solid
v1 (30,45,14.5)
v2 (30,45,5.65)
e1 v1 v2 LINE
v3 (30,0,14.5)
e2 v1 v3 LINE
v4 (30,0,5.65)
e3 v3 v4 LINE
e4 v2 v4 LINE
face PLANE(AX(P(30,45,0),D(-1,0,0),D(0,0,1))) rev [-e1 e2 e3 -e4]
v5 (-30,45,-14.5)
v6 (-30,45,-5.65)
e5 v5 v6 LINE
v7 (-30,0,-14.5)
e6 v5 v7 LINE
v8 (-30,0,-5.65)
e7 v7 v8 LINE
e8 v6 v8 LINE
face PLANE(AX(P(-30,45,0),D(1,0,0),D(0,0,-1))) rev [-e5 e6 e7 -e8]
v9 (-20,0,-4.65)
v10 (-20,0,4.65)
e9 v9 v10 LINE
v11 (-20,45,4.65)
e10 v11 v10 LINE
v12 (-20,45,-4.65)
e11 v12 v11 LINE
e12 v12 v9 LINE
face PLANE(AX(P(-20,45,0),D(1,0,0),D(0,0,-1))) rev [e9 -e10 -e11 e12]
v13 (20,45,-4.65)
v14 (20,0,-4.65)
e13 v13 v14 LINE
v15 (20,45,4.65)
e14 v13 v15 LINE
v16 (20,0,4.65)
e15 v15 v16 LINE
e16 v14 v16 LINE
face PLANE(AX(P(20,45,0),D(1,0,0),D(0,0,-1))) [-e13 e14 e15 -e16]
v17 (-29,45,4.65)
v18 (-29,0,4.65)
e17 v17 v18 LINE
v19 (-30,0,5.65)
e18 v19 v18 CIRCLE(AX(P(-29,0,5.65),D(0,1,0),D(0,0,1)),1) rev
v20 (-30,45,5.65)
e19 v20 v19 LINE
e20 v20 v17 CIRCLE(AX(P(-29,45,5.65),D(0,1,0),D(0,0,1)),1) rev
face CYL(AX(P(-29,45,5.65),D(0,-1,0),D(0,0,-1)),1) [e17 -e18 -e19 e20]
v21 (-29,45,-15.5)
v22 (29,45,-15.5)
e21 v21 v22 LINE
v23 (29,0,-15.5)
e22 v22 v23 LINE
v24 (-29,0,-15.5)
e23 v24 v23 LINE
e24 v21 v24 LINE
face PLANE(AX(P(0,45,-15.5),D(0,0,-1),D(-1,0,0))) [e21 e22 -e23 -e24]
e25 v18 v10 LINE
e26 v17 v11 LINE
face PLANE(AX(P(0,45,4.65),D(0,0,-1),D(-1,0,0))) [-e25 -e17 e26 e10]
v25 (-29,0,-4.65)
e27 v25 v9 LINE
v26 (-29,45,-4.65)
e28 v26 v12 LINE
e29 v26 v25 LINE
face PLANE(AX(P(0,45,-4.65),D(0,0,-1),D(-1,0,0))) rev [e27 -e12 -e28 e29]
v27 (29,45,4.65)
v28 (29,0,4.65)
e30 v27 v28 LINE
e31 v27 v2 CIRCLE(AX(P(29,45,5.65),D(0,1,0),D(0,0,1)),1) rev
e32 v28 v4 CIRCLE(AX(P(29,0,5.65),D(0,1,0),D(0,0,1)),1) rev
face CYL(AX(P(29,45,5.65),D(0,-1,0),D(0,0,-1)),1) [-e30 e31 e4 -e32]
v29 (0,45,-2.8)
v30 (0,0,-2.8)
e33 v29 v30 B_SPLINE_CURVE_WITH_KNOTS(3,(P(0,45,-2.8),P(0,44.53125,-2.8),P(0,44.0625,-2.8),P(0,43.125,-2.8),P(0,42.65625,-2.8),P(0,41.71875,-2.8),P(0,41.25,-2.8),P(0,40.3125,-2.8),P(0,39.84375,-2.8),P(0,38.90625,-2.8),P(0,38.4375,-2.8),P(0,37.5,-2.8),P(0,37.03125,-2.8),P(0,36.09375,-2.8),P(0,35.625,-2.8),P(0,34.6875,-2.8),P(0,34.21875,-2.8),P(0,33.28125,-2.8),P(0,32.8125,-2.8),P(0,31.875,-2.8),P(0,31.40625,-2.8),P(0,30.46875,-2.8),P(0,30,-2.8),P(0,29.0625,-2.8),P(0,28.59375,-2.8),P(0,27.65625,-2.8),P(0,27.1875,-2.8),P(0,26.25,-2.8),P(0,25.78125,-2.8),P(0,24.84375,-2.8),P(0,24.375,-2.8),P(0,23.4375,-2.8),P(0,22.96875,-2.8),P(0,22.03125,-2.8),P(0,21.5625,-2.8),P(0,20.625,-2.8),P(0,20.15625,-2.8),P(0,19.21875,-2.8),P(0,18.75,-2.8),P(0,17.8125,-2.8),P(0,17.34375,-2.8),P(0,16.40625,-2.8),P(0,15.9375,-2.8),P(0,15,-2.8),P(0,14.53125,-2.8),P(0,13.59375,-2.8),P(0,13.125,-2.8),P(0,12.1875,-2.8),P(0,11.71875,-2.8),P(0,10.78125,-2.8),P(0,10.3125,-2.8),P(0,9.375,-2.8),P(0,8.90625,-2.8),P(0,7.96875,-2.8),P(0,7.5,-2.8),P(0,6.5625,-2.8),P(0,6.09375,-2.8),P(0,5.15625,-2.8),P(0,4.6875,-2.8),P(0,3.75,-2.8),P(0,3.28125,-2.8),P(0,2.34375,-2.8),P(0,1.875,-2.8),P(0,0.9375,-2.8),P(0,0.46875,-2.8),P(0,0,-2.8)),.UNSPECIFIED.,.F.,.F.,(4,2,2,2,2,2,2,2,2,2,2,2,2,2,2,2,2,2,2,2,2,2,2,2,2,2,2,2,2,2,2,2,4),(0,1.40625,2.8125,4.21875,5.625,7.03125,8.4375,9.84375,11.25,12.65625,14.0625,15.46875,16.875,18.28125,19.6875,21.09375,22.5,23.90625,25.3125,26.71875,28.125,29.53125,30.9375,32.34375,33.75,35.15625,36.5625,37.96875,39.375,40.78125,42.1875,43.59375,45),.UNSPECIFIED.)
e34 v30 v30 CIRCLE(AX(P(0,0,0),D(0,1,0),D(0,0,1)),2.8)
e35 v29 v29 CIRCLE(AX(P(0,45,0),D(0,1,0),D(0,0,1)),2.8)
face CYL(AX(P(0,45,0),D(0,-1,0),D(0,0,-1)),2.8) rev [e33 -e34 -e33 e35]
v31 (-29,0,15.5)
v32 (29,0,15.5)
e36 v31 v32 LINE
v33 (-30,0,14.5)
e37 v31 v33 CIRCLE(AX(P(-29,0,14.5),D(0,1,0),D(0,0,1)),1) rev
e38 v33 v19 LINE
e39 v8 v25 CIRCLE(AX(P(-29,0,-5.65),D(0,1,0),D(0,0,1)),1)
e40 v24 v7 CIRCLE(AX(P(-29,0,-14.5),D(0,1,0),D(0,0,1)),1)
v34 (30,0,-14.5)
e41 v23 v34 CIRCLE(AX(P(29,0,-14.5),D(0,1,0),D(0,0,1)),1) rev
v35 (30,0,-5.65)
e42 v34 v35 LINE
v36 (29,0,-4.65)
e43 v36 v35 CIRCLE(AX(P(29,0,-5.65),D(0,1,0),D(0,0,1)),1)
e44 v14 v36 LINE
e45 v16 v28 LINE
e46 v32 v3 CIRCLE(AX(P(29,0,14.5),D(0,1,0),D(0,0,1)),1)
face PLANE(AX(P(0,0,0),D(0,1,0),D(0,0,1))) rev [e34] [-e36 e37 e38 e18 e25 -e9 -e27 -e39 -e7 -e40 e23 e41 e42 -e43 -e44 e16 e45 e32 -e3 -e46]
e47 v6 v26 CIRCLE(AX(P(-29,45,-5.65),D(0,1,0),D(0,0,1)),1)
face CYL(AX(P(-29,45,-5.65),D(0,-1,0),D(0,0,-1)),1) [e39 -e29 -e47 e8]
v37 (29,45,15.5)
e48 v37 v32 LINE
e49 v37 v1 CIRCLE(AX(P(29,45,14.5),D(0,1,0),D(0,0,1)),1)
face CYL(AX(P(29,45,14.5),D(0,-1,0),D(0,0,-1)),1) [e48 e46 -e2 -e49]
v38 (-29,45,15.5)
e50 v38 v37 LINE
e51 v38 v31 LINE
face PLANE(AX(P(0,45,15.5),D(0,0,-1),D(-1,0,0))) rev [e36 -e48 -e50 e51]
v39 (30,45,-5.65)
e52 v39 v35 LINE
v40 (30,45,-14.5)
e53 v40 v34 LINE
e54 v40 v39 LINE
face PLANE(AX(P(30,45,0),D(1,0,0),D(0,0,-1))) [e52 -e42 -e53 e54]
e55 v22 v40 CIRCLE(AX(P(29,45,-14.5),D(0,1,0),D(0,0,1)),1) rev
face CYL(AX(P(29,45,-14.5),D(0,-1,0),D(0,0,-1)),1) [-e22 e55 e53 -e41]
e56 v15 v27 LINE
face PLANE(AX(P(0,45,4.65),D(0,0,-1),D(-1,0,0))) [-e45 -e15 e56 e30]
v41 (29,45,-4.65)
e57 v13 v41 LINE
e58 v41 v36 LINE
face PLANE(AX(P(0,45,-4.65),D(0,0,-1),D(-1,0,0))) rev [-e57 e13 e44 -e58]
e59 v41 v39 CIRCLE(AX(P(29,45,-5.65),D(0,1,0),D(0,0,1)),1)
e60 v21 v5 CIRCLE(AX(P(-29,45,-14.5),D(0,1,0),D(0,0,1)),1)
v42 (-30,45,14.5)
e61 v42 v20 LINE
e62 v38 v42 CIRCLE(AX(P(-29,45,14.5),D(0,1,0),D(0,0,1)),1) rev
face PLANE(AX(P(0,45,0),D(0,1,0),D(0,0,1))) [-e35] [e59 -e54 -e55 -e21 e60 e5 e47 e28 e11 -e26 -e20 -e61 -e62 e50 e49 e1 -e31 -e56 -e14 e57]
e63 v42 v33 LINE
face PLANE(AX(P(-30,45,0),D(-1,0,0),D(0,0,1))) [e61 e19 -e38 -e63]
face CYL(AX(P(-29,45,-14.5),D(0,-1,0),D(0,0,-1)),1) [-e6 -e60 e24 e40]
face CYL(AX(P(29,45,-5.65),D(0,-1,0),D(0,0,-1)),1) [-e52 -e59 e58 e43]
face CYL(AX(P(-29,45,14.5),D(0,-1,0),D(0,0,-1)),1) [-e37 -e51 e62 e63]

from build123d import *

# Parameters (mm, degrees)
SKETCH1_R           = 2.8
BOSS_EXTRUDE1_DEPTH = 45


with BuildPart() as part:
    # Sketch1 → Boss-Extrude1 (new body)
    with BuildSketch(Plane(origin=(0, 0, 0), x_dir=(1, 0, 0), z_dir=(0, 1, 0))):
        with BuildLine():
            Line((20, -4.65), (20, 4.65))
            Line((20, 4.65), (29, 4.65))
            ThreePointArc((29, 4.65), (29.707106781, 4.942893219), (30, 5.65))
            Line((30, 5.65), (30, 14.5))
            ThreePointArc((30, 14.5), (29.707106781, 15.207106781), (29, 15.5))
            Line((29, 15.5), (20, 15.5))
            Line((20, 15.5), (-20, 15.5))
            Line((-20, 15.5), (-29, 15.5))
            ThreePointArc((-29, 15.5), (-29.707106781, 15.207106781), (-30, 14.5))
            Line((-30, 14.5), (-30, 5.65))
            ThreePointArc((-30, 5.65), (-29.707106781, 4.942893219), (-29, 4.65))
            Line((-29, 4.65), (-20, 4.65))
            Line((-20, 4.65), (-20, -4.65))
            Line((-20, -4.65), (-29, -4.65))
            ThreePointArc((-29, -4.65), (-29.707106781, -4.942893219), (-30, -5.65))
            Line((-30, -5.65), (-30, -14.5))
            ThreePointArc((-30, -14.5), (-29.707106781, -15.207106781), (-29, -15.5))
            Line((-29, -15.5), (-20, -15.5))
            Line((-20, -15.5), (20, -15.5))
            Line((20, -15.5), (29, -15.5))
            ThreePointArc((29, -15.5), (29.707106781, -15.207106781), (30, -14.5))
            Line((30, -14.5), (30, -5.65))
            ThreePointArc((30, -5.65), (29.707106781, -4.942893219), (29, -4.65))
            Line((29, -4.65), (20, -4.65))
        make_face()
        with Locations(Location((0, 0, 0), (0, 0, 90))):
            Circle(SKETCH1_R, mode=Mode.SUBTRACT)
    extrude(amount=BOSS_EXTRUDE1_DEPTH)


solid = part.part
